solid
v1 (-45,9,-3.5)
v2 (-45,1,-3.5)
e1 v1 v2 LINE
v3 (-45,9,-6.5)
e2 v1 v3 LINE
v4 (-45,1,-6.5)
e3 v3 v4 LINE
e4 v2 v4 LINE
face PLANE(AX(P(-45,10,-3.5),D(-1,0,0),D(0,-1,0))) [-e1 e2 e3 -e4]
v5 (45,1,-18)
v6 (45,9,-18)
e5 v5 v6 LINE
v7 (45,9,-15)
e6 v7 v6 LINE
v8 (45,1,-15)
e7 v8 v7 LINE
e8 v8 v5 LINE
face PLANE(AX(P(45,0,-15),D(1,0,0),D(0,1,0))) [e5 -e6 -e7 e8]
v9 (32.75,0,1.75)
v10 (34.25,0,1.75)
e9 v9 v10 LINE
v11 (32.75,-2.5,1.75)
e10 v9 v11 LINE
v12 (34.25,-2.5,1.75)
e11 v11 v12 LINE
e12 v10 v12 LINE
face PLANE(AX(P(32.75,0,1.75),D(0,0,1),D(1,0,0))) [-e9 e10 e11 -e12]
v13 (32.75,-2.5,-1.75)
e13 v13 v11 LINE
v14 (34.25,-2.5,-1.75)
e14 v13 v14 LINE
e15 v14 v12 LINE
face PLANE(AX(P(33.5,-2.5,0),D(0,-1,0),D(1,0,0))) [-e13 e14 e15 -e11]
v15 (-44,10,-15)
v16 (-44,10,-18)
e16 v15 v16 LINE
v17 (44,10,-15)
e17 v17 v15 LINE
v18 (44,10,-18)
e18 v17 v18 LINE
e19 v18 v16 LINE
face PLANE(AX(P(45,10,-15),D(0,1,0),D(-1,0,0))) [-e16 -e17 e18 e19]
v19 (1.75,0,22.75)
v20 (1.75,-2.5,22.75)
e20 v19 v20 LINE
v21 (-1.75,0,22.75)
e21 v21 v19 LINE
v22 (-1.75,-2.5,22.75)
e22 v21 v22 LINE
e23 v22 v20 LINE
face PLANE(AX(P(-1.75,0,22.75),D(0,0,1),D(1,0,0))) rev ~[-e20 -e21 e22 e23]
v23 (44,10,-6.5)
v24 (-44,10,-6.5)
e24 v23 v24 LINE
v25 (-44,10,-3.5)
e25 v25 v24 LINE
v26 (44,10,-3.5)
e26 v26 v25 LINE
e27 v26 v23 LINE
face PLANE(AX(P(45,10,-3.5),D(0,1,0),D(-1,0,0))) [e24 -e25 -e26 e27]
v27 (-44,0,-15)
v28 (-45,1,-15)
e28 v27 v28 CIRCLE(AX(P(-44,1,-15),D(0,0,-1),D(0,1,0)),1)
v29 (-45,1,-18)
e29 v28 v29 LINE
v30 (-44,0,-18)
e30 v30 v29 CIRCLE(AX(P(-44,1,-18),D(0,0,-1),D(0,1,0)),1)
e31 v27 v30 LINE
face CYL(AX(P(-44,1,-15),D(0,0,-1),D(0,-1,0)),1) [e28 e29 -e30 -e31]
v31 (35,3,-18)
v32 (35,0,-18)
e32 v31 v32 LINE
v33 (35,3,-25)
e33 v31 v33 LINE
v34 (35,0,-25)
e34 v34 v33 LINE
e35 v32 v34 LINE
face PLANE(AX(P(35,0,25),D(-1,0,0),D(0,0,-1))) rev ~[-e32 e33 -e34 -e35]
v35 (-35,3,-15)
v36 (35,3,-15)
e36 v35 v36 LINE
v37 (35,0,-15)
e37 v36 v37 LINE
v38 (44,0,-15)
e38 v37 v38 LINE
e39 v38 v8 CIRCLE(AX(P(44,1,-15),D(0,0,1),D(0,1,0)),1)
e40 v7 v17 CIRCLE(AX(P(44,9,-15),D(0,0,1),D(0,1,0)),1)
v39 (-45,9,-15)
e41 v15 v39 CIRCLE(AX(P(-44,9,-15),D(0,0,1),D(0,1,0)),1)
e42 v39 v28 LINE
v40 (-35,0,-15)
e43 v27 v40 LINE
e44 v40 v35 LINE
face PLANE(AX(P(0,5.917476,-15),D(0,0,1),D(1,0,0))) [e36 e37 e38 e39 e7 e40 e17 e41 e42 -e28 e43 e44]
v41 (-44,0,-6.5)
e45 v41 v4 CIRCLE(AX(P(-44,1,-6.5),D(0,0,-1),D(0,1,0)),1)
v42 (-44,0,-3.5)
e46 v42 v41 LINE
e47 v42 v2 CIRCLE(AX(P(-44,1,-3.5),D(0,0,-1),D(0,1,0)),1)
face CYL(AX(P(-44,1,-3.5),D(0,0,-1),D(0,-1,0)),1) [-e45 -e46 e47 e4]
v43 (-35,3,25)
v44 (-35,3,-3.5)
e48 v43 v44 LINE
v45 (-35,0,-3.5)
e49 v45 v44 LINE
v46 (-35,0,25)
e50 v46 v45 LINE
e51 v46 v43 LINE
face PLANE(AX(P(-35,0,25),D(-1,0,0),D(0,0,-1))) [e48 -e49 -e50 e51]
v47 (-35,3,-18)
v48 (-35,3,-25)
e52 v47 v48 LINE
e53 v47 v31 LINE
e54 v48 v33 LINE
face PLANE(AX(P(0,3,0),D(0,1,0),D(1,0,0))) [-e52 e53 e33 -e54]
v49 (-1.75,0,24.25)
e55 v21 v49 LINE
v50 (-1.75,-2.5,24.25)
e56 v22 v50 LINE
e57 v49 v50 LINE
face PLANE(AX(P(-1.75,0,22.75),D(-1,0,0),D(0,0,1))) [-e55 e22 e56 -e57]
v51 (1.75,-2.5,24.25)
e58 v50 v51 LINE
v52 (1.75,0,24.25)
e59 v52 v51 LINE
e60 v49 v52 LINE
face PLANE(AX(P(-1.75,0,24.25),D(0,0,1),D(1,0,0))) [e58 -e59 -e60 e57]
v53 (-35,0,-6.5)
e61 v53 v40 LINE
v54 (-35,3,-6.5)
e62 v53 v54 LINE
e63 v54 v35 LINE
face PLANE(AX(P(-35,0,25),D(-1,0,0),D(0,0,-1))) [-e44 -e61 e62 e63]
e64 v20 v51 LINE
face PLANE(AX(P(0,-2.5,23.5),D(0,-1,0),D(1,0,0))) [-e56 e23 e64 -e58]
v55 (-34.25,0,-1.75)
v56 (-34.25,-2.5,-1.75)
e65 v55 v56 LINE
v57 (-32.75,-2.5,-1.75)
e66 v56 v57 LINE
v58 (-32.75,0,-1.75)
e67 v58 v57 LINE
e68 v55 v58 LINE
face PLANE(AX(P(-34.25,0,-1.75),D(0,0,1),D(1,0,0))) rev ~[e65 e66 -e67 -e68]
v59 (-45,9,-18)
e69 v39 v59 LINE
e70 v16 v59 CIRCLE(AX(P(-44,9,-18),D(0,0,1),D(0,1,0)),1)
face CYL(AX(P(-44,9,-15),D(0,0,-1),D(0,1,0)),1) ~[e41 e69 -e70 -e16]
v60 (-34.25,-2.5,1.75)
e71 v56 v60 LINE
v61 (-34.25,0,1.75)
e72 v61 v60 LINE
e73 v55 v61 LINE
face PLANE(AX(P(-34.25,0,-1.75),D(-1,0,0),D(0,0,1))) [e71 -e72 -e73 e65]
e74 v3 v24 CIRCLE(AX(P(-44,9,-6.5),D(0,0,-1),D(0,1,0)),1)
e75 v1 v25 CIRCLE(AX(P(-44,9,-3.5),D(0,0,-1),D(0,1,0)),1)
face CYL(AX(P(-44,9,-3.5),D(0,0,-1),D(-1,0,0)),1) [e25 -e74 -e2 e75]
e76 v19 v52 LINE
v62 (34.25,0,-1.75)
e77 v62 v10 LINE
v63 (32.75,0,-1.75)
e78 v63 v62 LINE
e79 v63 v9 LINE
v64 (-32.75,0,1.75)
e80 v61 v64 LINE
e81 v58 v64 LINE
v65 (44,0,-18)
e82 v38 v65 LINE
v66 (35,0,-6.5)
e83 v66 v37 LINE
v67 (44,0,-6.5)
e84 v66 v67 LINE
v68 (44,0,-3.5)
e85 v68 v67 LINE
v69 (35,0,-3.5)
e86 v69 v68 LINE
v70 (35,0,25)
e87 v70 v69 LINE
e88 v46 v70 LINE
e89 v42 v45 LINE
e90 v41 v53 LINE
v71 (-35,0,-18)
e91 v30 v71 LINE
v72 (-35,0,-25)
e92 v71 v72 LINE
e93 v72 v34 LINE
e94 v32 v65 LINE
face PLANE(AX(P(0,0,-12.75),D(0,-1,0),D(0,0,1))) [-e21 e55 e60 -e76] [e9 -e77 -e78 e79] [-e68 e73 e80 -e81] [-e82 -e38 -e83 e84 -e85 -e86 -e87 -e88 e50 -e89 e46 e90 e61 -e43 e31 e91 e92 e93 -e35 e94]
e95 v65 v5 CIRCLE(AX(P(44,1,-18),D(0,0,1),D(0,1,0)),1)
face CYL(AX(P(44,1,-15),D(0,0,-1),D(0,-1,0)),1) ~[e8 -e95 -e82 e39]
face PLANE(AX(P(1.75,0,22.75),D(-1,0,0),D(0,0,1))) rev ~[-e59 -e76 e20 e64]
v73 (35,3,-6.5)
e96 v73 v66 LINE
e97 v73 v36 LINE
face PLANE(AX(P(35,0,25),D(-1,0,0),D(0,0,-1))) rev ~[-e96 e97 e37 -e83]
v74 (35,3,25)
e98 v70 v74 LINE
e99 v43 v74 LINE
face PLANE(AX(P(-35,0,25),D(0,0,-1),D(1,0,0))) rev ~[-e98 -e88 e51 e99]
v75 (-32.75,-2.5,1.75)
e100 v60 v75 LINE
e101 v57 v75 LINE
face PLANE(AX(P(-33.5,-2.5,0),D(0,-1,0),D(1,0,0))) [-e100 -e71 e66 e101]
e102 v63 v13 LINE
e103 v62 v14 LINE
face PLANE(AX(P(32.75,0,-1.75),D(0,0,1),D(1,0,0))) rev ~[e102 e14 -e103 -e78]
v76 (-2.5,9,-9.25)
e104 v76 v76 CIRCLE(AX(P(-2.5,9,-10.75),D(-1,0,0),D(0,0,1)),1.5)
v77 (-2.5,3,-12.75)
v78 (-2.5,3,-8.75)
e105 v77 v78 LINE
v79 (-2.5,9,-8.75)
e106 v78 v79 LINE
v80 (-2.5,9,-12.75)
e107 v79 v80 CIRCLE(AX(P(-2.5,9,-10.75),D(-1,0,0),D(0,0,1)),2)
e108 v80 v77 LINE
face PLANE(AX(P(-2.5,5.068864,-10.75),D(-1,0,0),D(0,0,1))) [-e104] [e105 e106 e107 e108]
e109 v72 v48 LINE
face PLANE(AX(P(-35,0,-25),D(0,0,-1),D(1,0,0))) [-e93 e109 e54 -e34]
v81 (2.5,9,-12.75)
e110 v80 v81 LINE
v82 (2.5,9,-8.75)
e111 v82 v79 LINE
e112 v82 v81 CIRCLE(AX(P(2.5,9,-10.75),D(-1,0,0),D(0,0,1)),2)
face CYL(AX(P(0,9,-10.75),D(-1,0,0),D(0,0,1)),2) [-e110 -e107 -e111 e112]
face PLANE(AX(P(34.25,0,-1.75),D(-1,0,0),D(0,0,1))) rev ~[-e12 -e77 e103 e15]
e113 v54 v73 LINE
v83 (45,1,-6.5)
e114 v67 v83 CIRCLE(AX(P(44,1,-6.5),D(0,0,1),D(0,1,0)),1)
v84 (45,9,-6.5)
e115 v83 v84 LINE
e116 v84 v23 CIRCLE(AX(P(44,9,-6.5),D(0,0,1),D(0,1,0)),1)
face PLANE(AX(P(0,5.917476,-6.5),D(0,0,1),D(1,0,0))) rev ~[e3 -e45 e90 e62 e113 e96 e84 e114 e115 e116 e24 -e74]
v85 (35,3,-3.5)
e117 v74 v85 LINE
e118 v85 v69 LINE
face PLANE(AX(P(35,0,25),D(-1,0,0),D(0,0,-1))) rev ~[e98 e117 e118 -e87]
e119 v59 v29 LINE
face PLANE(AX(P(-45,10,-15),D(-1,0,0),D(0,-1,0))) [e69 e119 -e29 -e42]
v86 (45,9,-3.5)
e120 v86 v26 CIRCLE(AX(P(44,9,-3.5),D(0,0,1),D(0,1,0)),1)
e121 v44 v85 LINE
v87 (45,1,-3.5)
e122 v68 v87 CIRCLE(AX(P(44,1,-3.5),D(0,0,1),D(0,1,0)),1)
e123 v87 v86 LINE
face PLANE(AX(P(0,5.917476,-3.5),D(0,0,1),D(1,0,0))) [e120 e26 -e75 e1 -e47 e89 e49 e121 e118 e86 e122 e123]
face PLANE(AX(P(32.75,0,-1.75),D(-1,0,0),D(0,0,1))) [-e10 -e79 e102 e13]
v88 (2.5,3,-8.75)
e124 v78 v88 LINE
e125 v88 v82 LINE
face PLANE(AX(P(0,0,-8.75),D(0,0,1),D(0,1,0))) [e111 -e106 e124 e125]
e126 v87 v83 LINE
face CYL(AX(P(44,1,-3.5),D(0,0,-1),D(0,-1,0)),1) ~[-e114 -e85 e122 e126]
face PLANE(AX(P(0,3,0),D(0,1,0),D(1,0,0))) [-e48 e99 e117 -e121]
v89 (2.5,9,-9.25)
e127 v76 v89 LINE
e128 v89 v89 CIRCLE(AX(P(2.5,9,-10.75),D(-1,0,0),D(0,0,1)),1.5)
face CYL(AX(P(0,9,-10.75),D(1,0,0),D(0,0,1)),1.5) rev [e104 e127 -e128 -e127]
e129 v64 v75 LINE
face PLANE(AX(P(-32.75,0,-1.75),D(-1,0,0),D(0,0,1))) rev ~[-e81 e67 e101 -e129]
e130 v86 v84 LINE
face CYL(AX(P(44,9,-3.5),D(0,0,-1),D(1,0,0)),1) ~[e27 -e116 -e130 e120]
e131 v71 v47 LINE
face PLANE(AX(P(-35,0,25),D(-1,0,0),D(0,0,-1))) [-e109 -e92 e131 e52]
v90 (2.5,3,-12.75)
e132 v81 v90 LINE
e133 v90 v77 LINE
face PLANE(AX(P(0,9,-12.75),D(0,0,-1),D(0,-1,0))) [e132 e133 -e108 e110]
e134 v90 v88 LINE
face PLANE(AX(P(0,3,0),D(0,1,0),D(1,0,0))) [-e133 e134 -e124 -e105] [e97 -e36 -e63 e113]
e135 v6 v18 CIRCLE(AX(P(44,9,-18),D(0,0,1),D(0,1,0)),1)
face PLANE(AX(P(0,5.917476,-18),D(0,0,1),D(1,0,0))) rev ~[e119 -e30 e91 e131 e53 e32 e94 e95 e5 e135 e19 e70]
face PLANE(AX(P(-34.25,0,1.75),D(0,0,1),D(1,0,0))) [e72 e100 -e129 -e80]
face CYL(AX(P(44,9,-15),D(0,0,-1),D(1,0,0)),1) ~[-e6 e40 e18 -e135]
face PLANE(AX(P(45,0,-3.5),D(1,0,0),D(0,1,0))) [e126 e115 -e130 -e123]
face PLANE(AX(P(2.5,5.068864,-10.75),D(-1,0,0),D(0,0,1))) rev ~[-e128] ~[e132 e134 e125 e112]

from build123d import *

# Parameters (mm, degrees)
SKETCH1_W              = 70
SKETCH1_H              = 50
BOSS_EXTRUDE1_DEPTH    = 3
SKETCH2_W              = 3.5
SKETCH2_H              = 1.5
SKETCH2_W_2            = 1.5
SKETCH2_H_2            = 3.5
BOSS_EXTRUDE2_DEPTH    = 2.5
BOSS_EXTRUDE3_DEPTH    = 3
FILLET1_R              = 1
LPATTERN1_COUNT        = 2
LPATTERN1_PITCH        = 11.5
FILLET1_OF_LPATTERN1_R = 1
SKETCH6_R              = 1.5
BOSS_EXTRUDE4_DEPTH    = 2.5


with BuildPart() as part:
    # Sketch1 → Boss-Extrude1 (new body)
    with BuildSketch(Plane(origin=(0, 0, 0), x_dir=(1, 0, 0), z_dir=(0, 1, 0))):
        Rectangle(SKETCH1_W, SKETCH1_H)
    extrude(amount=BOSS_EXTRUDE1_DEPTH)

    # Sketch2 → Boss-Extrude2 (add)
    with BuildSketch(Plane.XZ):
        with Locations((0, 23.5)):
            Rectangle(SKETCH2_W, SKETCH2_H)
        with Locations((33.5, 0)):
            Rectangle(SKETCH2_W_2, SKETCH2_H_2)
        with Locations((-33.5, 0)):
            Rectangle(SKETCH2_W_2, SKETCH2_H_2)
    extrude(amount=BOSS_EXTRUDE2_DEPTH)

    # Sketch5 → Boss-Extrude3 (add)
    with BuildSketch(Plane.XY.offset(-15)):
        Polygon((35, 3), (35, 0), (45, 0), (45, 10), (-45, 10), (-45, 0), (-35, 0), (-35, 3), align=None)
    boss_extrude3 = extrude(amount=-BOSS_EXTRUDE3_DEPTH)

    # Fillet1
    fillet1_edges = [part.edges().sort_by_distance(p)[0] for p in [
        (-45, 0, -16.5),
        (-45, 10, -16.5),
        (45, 10, -16.5),
        (45, 0, -16.5),
    ]]
    fillet(fillet1_edges, radius=FILLET1_R)

    # LPattern1: Boss-Extrude3 ×2
    with Locations(*[(0, 0, i * LPATTERN1_PITCH) for i in range(1, LPATTERN1_COUNT)]):
        add(boss_extrude3)

    # Fillet1 of LPattern1
    fillet1_of_lpattern1_edges = [part.edges().sort_by_distance(p)[0] for p in [
        (-45, 0, -5),
        (-45, 10, -5),
        (45, 10, -5),
        (45, 0, -5),
    ]]
    fillet(fillet1_of_lpattern1_edges, radius=FILLET1_OF_LPATTERN1_R)

    # Sketch6 → Boss-Extrude4 (add, symmetric)
    with BuildSketch(Plane.ZY):
        with BuildLine():
            Line((-12.75, 0), (-8.75, 0))
            Line((-8.75, 0), (-8.75, 9))
            ThreePointArc((-8.75, 9), (-10.75, 11), (-12.75, 9))
            Line((-12.75, 9), (-12.75, 0))
        make_face()
        with Locations((-10.75, 9)):
            Circle(SKETCH6_R, mode=Mode.SUBTRACT)
    extrude(amount=BOSS_EXTRUDE4_DEPTH, both=True)


solid = part.part
